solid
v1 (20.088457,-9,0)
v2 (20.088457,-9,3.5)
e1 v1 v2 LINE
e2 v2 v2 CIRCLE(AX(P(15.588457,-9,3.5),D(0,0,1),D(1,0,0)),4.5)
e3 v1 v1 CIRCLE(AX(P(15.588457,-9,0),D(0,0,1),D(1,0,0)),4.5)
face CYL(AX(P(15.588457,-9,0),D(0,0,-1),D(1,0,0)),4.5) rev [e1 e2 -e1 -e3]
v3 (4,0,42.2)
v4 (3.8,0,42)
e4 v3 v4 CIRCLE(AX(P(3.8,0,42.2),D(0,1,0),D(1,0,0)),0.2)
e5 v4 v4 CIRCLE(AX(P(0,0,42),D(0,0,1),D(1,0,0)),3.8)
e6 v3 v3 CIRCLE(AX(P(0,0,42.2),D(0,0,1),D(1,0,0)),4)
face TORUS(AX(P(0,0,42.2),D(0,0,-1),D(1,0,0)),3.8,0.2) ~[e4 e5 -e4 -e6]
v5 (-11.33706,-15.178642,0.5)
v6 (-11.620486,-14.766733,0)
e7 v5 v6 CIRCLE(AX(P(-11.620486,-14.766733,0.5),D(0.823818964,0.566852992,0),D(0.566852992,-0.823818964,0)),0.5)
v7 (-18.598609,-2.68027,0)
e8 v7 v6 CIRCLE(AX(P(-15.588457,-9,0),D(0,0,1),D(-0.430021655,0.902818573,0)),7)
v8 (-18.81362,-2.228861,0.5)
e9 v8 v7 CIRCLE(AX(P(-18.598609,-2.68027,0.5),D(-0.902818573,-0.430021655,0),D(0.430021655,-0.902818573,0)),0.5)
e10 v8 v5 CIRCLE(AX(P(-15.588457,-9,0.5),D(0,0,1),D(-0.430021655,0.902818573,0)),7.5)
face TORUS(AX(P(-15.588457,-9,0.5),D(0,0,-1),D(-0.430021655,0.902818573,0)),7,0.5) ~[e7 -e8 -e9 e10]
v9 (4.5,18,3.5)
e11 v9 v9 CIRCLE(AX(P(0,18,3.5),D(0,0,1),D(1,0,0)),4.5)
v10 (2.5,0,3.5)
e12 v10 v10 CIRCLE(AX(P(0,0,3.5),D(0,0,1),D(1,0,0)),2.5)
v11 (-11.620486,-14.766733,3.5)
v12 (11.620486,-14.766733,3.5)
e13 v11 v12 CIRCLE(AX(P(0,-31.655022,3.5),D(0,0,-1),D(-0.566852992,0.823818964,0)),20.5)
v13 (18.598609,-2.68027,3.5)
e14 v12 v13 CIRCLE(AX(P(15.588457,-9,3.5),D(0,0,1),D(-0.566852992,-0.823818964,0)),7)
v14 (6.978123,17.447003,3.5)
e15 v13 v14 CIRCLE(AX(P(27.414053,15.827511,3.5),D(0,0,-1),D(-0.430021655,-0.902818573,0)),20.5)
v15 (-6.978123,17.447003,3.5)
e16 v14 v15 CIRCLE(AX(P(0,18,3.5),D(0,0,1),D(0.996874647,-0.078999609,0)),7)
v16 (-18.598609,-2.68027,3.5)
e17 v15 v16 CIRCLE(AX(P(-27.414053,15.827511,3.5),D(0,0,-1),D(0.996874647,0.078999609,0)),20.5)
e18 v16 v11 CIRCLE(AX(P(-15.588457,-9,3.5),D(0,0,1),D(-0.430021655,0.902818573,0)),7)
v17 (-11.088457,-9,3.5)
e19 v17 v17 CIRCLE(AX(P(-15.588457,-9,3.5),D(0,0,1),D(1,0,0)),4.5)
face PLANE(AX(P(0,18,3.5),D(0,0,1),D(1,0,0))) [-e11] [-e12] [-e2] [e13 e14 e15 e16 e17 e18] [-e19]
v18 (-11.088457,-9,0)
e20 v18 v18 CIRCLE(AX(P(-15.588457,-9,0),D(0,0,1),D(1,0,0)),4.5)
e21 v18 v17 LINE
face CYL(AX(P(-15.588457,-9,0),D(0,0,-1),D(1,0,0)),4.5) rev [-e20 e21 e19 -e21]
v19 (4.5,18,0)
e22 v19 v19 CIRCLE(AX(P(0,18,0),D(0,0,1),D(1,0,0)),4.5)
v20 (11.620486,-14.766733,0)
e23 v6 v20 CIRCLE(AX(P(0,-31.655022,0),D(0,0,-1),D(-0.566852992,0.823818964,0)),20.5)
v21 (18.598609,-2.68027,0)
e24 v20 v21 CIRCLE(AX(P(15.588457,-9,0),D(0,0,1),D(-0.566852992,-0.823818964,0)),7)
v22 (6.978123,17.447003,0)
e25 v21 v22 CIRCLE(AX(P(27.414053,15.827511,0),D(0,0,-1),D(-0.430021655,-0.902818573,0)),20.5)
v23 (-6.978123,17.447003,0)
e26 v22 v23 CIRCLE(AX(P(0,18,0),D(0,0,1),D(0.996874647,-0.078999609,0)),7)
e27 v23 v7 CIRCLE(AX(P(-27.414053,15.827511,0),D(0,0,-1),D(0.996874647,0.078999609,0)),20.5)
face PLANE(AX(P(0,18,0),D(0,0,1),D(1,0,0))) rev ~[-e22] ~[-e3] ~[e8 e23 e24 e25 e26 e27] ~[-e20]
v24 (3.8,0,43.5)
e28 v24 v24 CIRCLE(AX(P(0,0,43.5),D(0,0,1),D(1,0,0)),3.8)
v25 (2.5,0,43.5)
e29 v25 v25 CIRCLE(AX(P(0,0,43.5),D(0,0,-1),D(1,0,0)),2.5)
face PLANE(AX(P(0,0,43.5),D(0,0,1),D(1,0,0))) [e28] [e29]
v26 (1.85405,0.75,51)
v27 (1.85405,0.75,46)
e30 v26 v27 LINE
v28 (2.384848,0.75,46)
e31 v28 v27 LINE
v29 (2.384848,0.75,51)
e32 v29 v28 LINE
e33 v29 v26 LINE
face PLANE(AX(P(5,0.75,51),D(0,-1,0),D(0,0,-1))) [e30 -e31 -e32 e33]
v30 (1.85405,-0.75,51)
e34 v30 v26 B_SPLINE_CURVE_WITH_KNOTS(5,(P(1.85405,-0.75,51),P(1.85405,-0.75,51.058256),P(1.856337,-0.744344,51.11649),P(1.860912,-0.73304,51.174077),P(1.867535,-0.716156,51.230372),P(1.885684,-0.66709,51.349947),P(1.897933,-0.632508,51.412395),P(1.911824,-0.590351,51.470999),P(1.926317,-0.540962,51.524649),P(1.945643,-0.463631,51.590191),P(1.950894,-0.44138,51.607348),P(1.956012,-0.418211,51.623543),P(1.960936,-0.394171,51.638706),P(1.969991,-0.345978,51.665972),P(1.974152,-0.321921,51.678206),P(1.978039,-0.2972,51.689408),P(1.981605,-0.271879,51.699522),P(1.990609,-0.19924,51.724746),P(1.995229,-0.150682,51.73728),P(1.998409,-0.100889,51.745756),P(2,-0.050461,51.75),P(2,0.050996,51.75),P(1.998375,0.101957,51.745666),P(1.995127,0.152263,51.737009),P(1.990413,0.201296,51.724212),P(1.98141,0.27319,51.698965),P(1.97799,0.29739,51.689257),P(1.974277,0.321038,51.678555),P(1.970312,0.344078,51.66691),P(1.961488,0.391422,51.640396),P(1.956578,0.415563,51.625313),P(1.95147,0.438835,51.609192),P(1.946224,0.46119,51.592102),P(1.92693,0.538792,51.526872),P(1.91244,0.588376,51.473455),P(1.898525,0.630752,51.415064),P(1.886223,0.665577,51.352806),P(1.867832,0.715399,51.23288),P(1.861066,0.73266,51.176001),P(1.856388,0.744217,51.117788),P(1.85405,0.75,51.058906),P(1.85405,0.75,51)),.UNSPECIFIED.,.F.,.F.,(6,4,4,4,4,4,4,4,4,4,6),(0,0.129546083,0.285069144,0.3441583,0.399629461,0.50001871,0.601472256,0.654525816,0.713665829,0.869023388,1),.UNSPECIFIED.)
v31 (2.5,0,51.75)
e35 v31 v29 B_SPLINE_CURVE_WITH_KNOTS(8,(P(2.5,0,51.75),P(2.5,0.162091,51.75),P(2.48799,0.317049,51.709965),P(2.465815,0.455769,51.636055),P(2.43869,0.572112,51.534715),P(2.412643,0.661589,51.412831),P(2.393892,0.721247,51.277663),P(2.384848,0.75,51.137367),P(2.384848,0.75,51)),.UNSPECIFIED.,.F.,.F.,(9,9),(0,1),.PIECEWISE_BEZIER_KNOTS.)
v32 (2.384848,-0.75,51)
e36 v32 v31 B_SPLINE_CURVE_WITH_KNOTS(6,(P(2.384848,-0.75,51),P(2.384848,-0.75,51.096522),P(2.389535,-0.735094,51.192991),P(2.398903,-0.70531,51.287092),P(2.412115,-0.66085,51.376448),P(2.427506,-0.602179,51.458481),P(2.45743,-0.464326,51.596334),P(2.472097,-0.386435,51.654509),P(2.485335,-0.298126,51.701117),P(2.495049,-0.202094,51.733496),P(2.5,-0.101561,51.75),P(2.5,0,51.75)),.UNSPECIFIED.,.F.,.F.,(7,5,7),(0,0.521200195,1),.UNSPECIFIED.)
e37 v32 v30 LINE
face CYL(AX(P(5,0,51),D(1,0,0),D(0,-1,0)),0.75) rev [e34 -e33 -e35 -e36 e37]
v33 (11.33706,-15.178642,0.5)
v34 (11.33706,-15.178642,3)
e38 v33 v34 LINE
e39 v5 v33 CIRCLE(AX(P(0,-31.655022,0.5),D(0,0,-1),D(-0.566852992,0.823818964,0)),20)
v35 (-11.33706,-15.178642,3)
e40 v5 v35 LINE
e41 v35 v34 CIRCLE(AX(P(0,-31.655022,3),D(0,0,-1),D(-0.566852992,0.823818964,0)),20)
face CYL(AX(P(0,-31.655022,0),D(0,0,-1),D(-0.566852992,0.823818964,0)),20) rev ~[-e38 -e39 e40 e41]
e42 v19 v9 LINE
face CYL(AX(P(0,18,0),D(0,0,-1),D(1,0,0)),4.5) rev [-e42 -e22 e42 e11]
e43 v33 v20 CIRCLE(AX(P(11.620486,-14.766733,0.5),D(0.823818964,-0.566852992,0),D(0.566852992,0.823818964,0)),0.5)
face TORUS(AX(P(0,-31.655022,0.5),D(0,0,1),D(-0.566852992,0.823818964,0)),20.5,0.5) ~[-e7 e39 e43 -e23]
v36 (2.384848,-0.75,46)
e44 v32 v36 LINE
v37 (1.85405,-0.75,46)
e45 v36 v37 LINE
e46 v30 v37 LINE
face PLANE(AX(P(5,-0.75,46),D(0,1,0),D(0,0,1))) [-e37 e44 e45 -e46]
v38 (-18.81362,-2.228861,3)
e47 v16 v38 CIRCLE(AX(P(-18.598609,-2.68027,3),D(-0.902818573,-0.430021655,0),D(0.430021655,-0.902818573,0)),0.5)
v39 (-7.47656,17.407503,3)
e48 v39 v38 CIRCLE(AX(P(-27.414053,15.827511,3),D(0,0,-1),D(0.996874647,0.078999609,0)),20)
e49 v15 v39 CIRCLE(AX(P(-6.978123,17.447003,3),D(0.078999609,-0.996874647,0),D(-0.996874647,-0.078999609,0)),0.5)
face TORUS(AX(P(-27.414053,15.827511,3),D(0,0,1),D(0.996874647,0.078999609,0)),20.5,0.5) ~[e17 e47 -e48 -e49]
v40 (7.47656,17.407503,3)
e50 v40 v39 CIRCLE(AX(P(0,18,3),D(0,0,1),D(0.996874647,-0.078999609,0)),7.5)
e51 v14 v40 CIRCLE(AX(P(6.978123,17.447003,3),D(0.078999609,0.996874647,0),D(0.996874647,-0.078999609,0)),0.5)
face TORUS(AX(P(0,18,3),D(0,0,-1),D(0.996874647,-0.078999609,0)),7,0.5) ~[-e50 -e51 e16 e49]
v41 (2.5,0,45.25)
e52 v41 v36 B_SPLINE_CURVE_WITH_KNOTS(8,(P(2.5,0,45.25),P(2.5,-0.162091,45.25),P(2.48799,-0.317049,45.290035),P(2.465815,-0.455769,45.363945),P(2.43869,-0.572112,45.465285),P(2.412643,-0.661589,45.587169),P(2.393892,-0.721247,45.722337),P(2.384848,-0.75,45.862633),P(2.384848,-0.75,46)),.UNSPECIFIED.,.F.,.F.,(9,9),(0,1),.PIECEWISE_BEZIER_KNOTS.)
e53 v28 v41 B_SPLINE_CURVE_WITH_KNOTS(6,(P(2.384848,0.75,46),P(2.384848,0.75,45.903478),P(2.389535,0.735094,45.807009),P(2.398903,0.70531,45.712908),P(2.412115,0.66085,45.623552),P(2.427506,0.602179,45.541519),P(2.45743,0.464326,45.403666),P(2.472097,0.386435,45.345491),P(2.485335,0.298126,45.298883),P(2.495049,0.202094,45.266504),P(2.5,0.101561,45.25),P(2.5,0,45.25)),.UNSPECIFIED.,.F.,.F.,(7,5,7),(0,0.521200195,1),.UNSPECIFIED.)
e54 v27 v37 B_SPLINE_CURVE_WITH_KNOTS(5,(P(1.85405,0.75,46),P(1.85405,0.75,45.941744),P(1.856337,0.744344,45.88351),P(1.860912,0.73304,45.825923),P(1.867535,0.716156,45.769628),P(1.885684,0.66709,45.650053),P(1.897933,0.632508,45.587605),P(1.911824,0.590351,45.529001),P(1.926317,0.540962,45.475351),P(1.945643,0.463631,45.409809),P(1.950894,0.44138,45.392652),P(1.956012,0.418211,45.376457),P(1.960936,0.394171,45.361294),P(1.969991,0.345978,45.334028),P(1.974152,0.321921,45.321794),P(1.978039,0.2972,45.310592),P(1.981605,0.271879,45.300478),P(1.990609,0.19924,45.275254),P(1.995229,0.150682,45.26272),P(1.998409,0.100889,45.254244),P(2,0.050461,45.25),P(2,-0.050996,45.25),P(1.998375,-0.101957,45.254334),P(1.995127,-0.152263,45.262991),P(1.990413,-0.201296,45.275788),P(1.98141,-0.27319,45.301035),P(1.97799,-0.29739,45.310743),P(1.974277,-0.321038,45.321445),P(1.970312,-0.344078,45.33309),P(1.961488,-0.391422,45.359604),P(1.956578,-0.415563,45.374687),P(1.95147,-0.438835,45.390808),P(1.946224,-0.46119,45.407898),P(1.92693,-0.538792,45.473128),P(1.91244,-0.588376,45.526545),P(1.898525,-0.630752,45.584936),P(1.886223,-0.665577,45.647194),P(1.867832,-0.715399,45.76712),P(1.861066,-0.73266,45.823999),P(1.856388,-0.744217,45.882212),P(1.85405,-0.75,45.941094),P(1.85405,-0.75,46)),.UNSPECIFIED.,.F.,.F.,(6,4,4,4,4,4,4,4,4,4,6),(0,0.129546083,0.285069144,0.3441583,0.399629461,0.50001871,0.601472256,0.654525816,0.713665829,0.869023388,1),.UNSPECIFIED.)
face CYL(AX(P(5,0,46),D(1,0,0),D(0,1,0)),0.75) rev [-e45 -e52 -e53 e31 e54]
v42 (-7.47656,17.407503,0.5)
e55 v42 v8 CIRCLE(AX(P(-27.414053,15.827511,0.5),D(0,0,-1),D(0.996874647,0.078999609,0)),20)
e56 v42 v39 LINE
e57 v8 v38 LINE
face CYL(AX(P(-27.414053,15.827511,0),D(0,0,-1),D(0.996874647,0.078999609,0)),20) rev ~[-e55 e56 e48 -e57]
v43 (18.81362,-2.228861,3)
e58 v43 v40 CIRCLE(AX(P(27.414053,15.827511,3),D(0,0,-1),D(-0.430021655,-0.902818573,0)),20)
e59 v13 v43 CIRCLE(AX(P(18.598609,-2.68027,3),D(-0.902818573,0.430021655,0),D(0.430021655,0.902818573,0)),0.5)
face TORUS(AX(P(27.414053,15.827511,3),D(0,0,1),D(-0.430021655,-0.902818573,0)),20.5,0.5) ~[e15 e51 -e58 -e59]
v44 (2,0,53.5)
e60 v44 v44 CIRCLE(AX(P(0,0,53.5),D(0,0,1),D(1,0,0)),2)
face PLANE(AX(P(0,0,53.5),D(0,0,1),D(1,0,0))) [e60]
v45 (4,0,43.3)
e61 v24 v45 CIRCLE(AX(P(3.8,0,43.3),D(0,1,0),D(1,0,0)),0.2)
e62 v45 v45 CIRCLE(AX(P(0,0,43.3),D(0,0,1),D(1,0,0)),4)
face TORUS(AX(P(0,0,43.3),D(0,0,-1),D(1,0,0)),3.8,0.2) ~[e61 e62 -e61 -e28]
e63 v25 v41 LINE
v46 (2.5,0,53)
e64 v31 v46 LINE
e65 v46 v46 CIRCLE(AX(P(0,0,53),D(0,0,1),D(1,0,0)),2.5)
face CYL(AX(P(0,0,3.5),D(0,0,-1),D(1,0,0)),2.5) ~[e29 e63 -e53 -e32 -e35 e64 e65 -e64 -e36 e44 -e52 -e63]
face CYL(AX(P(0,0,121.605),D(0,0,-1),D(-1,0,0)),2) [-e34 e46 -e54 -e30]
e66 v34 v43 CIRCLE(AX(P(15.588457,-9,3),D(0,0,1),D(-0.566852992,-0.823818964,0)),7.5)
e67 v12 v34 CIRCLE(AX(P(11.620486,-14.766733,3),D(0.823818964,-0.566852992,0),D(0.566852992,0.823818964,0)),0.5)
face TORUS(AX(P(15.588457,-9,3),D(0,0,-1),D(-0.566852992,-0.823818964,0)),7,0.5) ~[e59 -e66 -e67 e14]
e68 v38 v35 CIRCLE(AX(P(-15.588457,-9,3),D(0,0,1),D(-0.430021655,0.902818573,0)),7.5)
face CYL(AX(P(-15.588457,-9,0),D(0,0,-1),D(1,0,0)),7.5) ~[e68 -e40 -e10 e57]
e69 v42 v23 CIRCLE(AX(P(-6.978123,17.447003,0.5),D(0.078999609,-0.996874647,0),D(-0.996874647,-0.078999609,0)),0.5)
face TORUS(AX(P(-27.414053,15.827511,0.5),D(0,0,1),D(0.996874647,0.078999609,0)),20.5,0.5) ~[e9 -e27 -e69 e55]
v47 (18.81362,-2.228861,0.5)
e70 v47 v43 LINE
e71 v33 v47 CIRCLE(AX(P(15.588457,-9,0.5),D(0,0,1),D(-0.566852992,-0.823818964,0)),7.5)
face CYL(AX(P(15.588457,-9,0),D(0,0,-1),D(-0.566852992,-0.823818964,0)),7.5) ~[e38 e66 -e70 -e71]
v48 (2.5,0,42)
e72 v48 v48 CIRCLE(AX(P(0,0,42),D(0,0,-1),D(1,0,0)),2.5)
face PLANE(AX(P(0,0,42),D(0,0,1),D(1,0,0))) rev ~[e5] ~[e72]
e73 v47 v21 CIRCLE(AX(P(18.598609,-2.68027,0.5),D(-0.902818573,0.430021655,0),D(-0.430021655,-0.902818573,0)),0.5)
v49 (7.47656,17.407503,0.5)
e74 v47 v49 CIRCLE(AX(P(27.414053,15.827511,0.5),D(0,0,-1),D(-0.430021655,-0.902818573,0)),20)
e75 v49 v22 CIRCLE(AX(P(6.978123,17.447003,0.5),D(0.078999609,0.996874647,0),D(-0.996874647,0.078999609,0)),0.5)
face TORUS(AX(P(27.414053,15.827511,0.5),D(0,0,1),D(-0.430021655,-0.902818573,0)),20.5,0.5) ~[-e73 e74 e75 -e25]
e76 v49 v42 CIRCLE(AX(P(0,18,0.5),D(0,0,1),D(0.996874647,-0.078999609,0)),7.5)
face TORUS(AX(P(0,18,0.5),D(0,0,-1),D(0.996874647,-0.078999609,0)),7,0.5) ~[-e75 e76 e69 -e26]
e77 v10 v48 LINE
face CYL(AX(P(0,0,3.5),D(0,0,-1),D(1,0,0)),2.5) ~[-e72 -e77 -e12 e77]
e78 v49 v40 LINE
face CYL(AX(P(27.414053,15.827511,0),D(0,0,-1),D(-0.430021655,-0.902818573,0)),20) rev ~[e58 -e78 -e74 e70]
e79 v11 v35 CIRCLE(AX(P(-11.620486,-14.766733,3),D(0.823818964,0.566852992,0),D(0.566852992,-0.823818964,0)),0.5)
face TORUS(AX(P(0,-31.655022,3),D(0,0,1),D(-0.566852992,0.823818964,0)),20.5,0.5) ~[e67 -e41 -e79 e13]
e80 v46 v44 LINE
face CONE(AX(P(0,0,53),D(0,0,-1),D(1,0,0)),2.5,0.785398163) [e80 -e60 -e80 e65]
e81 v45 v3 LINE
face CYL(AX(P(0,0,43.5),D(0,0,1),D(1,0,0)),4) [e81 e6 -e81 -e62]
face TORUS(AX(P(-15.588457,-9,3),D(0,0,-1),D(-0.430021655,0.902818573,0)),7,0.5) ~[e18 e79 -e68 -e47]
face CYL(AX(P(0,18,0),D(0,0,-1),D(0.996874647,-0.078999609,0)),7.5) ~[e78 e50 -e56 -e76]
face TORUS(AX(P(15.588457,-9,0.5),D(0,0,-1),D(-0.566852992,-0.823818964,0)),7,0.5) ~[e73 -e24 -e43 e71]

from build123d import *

# Parameters (mm, degrees)
SKETCH1_R               = 7.5
SKETCH1_R_2             = 4.5
BOSS_EXTRUDE1_DEPTH     = 3.5
SKETCH3_R               = 2.5
BOSS_EXTRUDE2_DEPTH     = 50
BOSS_EXTRUDE3_START     = -10
SKETCH4_R               = 4
BOSS_EXTRUDE3_DEPTH     = 1.5
CUT_EXTRUDE1_REACH      = 70.605
CUT_EXTRUDE1_END_RADIUS = 2
CUT_EXTRUDE1_START      = 5
CHAMFER1_SIZE           = 0.5
FILLET1_R               = 0.2
FILLET2_R               = 0.5


with BuildPart() as part:
    # Sketch1 → Boss-Extrude1 (new body)
    with BuildSketch(Plane.XY):
        with Locations((0, 18)):
            Circle(SKETCH1_R)
        with Locations((0, 18)):
            Circle(SKETCH1_R_2, mode=Mode.SUBTRACT)
        with Locations((-15.588457268, -9)):
            Circle(SKETCH1_R)
        with Locations((-15.588457268, -9)):
            Circle(SKETCH1_R_2, mode=Mode.SUBTRACT)
        with Locations((15.588457268, -9)):
            Circle(SKETCH1_R)
        with Locations((15.588457268, -9)):
            Circle(SKETCH1_R_2, mode=Mode.SUBTRACT)
        with BuildLine():
            ThreePointArc((7.476559852, 17.407502934), (0, 10.5), (-7.476559852, 17.407502934))
            ThreePointArc((-7.476559852, 17.407502934), (-10.093544717, 5.827510759), (-18.813619684, -2.228860702))
            ThreePointArc((-18.813619684, -2.228860702), (-11.584628982, -2.658126534), (-8.088457268, -9))
            ThreePointArc((-8.088457268, -9), (-8.950103527, -12.490309386), (-11.337059831, -15.178642232))
            ThreePointArc((-11.337059831, -15.178642232), (0, -11.655021518), (11.337059831, -15.178642232))
            ThreePointArc((11.337059831, -15.178642232), (9.09326674, -5.25), (18.813619684, -2.228860702))
            ThreePointArc((18.813619684, -2.228860702), (10.093544717, 5.827510759), (7.476559852, 17.407502934))
        make_face()
    extrude(amount=BOSS_EXTRUDE1_DEPTH)

    # Sketch3 → Boss-Extrude2 (add)
    with BuildSketch(Plane.XY.offset(3.5)):
        Circle(SKETCH3_R)
    extrude(amount=BOSS_EXTRUDE2_DEPTH)

    # Sketch4 → Boss-Extrude3 (add)
    with BuildSketch(Plane.XY.offset(53.5).offset(BOSS_EXTRUDE3_START)):
        Circle(SKETCH4_R)
    extrude(amount=-BOSS_EXTRUDE3_DEPTH)

    # Cut-Extrude1: up to this cylinder (the profile starts outside it)
    cut_extrude1_end = Plane(origin=(0, 0, 48.5), z_dir=(0, 0, -1)) * Cylinder(CUT_EXTRUDE1_END_RADIUS, 146.21, mode=Mode.PRIVATE)
    # Sketch6 → Cut-Extrude1 (cut, up to the surface)
    with BuildSketch(Plane(origin=(0, 0, 0), x_dir=(0, 0, -1), z_dir=(1, 0, 0)).offset(CUT_EXTRUDE1_START), mode=Mode.PRIVATE) as cut_extrude1_sk1:
        with BuildLine():
            Line((-46, -0.75), (-51, -0.75))
            ThreePointArc((-51, -0.75), (-51.75, 0), (-51, 0.75))
            Line((-51, 0.75), (-46, 0.75))
            ThreePointArc((-46, 0.75), (-45.25, 0), (-46, -0.75))
        make_face()
    cut_extrude1_tool1 = extrude(cut_extrude1_sk1.sketch, amount=-CUT_EXTRUDE1_REACH, mode=Mode.PRIVATE) - cut_extrude1_end
    add(cut_extrude1_tool1.solids().sort_by_distance((5, 0, 48.5))[0], mode=Mode.SUBTRACT)

    # Chamfer1
    chamfer1_edges = [part.edges().sort_by_distance(p)[0] for p in [
        (-2.5, 0, 53.5),
    ]]
    chamfer(chamfer1_edges, length=CHAMFER1_SIZE)

    # Fillet1
    fillet1_edges = [part.edges().sort_by_distance(p)[0] for p in [
        (-4, 0, 42),
        (-4, 0, 43.5),
    ]]
    fillet(fillet1_edges, radius=FILLET1_R)

    # Fillet2
    fillet2_edges = [part.edges().sort_by_distance(p)[0] for p in [
        (10.093544717, 5.827510759, 0),
        (22.083647797, -12.75, 0),
        (0, 25.5, 3.5),
        (0, -11.655021518, 0),
        (-22.083647797, -12.75, 0),
        (-10.093544717, 5.827510759, 0),
        (0, 25.5, 0),
        (-10.093544717, 5.827510759, 3.5),
        (-22.083647797, -12.75, 3.5),
        (0, -11.655021518, 3.5),
        (22.083647797, -12.75, 3.5),
        (10.093544717, 5.827510759, 3.5),
    ]]
    fillet(fillet2_edges, radius=FILLET2_R)


solid = part.part
